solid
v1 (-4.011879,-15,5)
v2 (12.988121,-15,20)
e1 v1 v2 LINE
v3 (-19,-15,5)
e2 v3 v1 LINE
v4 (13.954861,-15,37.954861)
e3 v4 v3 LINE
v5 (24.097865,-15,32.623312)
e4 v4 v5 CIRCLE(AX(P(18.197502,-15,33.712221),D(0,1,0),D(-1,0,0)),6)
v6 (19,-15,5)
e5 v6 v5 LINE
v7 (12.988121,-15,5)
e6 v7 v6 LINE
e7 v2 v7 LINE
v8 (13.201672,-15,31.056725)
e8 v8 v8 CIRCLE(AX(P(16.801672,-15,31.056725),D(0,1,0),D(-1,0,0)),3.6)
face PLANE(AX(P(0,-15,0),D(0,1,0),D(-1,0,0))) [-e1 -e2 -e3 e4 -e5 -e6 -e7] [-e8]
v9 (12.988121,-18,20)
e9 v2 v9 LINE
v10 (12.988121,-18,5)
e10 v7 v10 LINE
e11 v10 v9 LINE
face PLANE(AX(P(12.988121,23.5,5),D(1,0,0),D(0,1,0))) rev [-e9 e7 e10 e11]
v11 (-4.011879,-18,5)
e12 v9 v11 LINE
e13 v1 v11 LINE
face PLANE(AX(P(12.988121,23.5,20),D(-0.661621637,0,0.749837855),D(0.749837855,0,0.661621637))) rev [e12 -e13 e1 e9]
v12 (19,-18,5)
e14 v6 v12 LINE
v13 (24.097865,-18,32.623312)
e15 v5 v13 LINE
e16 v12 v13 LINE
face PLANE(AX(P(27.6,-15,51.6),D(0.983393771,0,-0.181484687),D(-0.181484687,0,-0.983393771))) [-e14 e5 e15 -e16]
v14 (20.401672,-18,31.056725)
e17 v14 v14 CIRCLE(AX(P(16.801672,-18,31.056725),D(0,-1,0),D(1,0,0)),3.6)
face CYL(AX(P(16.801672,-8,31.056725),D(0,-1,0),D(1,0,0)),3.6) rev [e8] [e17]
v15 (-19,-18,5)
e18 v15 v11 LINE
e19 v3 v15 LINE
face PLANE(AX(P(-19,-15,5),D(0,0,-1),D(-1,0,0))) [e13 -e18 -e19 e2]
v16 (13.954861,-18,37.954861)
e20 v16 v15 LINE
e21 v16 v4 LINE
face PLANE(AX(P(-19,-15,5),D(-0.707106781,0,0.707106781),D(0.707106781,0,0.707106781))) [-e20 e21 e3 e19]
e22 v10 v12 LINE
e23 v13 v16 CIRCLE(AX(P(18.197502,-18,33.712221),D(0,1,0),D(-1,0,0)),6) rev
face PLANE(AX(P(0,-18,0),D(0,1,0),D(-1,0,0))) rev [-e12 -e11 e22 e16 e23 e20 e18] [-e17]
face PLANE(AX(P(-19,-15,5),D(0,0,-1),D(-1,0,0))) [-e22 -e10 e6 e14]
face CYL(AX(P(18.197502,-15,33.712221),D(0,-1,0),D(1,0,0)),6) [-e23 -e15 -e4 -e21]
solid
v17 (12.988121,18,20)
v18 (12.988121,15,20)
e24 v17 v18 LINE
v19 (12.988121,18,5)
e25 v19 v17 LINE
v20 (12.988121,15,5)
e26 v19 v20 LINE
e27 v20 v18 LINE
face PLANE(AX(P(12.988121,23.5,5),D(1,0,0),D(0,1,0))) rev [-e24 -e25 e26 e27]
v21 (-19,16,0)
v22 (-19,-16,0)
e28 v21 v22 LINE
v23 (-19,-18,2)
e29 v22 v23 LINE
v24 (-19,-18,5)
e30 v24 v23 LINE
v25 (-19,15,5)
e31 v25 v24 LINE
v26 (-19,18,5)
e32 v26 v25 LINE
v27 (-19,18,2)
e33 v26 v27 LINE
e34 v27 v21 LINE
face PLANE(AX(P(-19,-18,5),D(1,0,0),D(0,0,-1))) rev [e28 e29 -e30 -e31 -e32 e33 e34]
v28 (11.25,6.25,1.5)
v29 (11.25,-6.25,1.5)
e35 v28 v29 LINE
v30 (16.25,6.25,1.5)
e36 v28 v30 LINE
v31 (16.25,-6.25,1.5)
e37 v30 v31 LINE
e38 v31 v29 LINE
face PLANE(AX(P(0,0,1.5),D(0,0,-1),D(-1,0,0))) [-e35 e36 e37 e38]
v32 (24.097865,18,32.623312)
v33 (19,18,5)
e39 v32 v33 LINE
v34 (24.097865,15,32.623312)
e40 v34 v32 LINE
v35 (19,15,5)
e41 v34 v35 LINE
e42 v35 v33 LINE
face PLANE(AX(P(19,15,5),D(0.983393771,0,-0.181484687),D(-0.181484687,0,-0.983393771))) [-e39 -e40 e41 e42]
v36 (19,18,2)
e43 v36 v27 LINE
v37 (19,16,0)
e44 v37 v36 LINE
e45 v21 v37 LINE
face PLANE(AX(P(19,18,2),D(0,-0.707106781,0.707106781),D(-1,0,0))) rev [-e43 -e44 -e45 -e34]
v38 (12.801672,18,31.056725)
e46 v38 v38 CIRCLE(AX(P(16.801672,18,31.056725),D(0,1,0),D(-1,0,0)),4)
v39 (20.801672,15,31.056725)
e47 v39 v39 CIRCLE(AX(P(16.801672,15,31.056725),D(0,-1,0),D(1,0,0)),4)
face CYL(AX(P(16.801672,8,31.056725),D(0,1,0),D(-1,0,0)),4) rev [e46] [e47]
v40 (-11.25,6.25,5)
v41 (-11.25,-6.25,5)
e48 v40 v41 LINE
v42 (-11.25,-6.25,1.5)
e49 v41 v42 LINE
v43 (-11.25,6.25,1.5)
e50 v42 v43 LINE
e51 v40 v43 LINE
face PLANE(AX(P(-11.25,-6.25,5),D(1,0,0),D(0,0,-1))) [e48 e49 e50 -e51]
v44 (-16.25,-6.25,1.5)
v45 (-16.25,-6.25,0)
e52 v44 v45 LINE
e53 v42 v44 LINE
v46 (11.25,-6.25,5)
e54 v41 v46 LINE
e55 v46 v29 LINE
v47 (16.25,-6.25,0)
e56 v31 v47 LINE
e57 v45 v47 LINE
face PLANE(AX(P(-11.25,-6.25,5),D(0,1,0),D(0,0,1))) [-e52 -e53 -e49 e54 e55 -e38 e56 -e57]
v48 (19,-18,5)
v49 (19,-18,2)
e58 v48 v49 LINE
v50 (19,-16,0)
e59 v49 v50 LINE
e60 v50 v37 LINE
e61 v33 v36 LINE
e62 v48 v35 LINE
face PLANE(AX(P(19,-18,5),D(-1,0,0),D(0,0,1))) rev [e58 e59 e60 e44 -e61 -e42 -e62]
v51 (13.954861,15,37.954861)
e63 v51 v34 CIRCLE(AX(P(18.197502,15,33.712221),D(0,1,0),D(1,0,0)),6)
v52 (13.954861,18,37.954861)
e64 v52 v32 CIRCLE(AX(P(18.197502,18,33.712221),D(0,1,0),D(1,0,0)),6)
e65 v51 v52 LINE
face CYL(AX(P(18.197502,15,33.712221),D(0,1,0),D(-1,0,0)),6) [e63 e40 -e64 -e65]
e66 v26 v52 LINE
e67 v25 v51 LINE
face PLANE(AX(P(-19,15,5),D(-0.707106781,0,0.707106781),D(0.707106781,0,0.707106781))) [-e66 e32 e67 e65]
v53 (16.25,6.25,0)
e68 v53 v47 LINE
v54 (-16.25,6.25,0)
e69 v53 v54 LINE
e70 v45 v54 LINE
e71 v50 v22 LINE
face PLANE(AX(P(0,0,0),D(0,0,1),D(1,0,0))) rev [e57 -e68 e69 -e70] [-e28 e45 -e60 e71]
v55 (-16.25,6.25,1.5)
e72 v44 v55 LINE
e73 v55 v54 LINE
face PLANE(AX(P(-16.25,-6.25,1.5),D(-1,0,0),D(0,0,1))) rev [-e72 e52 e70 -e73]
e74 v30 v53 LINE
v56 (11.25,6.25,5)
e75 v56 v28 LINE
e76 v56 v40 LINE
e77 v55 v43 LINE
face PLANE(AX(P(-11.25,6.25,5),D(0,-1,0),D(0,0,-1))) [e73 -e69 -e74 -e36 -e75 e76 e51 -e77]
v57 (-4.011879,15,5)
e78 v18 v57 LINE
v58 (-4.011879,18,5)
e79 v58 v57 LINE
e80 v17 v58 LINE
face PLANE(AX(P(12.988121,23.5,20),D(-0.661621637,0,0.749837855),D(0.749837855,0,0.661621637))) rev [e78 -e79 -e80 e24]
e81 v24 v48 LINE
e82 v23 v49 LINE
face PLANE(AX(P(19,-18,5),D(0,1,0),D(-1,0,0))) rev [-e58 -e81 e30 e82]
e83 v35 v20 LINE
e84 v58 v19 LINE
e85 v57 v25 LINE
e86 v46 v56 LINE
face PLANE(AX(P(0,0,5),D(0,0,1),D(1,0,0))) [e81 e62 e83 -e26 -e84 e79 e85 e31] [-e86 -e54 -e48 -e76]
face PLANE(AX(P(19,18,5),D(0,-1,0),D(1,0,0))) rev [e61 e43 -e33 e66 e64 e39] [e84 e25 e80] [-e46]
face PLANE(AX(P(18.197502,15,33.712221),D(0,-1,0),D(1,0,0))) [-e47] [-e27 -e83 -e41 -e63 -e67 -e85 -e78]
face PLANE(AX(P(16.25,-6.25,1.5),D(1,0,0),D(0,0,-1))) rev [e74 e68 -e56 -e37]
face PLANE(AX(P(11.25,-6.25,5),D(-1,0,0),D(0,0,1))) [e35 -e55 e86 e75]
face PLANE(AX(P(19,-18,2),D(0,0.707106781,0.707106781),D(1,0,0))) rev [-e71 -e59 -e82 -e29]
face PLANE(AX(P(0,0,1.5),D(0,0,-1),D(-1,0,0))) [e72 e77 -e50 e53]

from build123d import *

# Parameters (mm, degrees)
CROQUIS1_W              = 38
CROQUIS1_H              = 36
CROQUIS1_W_2            = 22.5
CROQUIS1_H_2            = 12.5
SALIENTE_EXTRUIR1_DEPTH = 5
SALIENTE_EXTRUIR2_DEPTH = 3
REDONDEO1_R             = 6
SALIENTE_EXTRUIR3_DEPTH = 3
CROQUIS4_W              = 32.5
CROQUIS4_H              = 12.5
CORTAR_EXTRUIR1_DEPTH   = 1.5
CORTAR_EXTRUIR2_DEPTH   = 41.5
CHAFL_N1_SIZE           = 2
CROQUIS6_R              = 3.6
CORTAR_EXTRUIR4_DEPTH   = 10
CROQUIS7_R              = 4
CORTAR_EXTRUIR5_DEPTH   = 10


with BuildPart() as part:
    # Croquis1 → Saliente-Extruir1 (new body)
    with BuildSketch(Plane.XY):
        Rectangle(CROQUIS1_W, CROQUIS1_H)
        Rectangle(CROQUIS1_W_2, CROQUIS1_H_2, mode=Mode.SUBTRACT)
    extrude(amount=SALIENTE_EXTRUIR1_DEPTH)

    # Croquis3 → Saliente-Extruir3 (add)
    with BuildSketch(Plane(origin=(0, 18, 0), x_dir=(1, 0, 0), z_dir=(0, 1, 0))):
        with BuildLine():
            Line((-19, -5), (19, -5))
            Line((19, -5), (24.09786452, -32.623312397))
            ThreePointArc((24.09786452, -32.623312397), (20.989161561, -39.023212548), (13.954861208, -37.954861208))
            Line((13.954861208, -37.954861208), (-19, -5))
        make_face()
    extrude(amount=-SALIENTE_EXTRUIR3_DEPTH)

    # Croquis4 → Cortar-Extruir1 (cut)
    with BuildSketch(Plane(origin=(0, 0, 0), x_dir=(-1, 0, 0), z_dir=(0, 0, -1))):
        Rectangle(CROQUIS4_W, CROQUIS4_H)
    extrude(amount=-CORTAR_EXTRUIR1_DEPTH, mode=Mode.SUBTRACT)


with BuildPart() as body_2:
    # Croquis2 → Saliente-Extruir2 (new body)
    with BuildSketch(Plane.XZ.offset(18)):
        Polygon((-19, 5), (27.6, 51.6), (19, 5), align=None)
    extrude(amount=-SALIENTE_EXTRUIR2_DEPTH)

    # Redondeo1
    redondeo1_edges = [body_2.edges().sort_by_distance(p)[0] for p in [
        (27.6, -16.5, 51.6),
    ]]
    fillet(redondeo1_edges, radius=REDONDEO1_R)


with BuildPart() as cortar_extruir2_tool:
    # Croquis5 → Cortar-Extruir2 (new body)
    with BuildSketch(Plane.XZ.offset(18)):
        Polygon((-4.011879288, 5), (12.988120712, 5), (12.988120712, 20), align=None)
    extrude(amount=-CORTAR_EXTRUIR2_DEPTH)


with BuildPart() as part_1:
    add(part.part)

    # Cortar-Extruir2: cut by cortar_extruir2_tool
    add(cortar_extruir2_tool.part, mode=Mode.SUBTRACT)

    # Chaflán1
    chafl_n1_edges = [part_1.edges().sort_by_distance(p)[0] for p in [
        (0, 18, 0),
        (0, -18, 0),
    ]]
    chamfer(chafl_n1_edges, length=CHAFL_N1_SIZE)

    # Croquis7 → Cortar-Extruir5 (cut)
    with BuildSketch(Plane(origin=(0, 18, 0), x_dir=(1, 0, 0), z_dir=(0, 1, 0))):
        with Locations(Location((16.801672063, -31.056724508, 0), (0, 0, 180))):
            Circle(CROQUIS7_R)
    extrude(amount=-CORTAR_EXTRUIR5_DEPTH, mode=Mode.SUBTRACT)


with BuildPart() as body_2_1:
    add(body_2.part)

    # Cortar-Extruir2: cut by cortar_extruir2_tool
    add(cortar_extruir2_tool.part, mode=Mode.SUBTRACT)

    # Croquis6 → Cortar-Extruir4 (cut)
    with BuildSketch(Plane.XZ.offset(18)):
        with Locations((16.801672063, 31.056724508)):
            Circle(CROQUIS6_R)
    extrude(amount=-CORTAR_EXTRUIR4_DEPTH, mode=Mode.SUBTRACT)


solid = Compound([part_1.part, body_2_1.part])
